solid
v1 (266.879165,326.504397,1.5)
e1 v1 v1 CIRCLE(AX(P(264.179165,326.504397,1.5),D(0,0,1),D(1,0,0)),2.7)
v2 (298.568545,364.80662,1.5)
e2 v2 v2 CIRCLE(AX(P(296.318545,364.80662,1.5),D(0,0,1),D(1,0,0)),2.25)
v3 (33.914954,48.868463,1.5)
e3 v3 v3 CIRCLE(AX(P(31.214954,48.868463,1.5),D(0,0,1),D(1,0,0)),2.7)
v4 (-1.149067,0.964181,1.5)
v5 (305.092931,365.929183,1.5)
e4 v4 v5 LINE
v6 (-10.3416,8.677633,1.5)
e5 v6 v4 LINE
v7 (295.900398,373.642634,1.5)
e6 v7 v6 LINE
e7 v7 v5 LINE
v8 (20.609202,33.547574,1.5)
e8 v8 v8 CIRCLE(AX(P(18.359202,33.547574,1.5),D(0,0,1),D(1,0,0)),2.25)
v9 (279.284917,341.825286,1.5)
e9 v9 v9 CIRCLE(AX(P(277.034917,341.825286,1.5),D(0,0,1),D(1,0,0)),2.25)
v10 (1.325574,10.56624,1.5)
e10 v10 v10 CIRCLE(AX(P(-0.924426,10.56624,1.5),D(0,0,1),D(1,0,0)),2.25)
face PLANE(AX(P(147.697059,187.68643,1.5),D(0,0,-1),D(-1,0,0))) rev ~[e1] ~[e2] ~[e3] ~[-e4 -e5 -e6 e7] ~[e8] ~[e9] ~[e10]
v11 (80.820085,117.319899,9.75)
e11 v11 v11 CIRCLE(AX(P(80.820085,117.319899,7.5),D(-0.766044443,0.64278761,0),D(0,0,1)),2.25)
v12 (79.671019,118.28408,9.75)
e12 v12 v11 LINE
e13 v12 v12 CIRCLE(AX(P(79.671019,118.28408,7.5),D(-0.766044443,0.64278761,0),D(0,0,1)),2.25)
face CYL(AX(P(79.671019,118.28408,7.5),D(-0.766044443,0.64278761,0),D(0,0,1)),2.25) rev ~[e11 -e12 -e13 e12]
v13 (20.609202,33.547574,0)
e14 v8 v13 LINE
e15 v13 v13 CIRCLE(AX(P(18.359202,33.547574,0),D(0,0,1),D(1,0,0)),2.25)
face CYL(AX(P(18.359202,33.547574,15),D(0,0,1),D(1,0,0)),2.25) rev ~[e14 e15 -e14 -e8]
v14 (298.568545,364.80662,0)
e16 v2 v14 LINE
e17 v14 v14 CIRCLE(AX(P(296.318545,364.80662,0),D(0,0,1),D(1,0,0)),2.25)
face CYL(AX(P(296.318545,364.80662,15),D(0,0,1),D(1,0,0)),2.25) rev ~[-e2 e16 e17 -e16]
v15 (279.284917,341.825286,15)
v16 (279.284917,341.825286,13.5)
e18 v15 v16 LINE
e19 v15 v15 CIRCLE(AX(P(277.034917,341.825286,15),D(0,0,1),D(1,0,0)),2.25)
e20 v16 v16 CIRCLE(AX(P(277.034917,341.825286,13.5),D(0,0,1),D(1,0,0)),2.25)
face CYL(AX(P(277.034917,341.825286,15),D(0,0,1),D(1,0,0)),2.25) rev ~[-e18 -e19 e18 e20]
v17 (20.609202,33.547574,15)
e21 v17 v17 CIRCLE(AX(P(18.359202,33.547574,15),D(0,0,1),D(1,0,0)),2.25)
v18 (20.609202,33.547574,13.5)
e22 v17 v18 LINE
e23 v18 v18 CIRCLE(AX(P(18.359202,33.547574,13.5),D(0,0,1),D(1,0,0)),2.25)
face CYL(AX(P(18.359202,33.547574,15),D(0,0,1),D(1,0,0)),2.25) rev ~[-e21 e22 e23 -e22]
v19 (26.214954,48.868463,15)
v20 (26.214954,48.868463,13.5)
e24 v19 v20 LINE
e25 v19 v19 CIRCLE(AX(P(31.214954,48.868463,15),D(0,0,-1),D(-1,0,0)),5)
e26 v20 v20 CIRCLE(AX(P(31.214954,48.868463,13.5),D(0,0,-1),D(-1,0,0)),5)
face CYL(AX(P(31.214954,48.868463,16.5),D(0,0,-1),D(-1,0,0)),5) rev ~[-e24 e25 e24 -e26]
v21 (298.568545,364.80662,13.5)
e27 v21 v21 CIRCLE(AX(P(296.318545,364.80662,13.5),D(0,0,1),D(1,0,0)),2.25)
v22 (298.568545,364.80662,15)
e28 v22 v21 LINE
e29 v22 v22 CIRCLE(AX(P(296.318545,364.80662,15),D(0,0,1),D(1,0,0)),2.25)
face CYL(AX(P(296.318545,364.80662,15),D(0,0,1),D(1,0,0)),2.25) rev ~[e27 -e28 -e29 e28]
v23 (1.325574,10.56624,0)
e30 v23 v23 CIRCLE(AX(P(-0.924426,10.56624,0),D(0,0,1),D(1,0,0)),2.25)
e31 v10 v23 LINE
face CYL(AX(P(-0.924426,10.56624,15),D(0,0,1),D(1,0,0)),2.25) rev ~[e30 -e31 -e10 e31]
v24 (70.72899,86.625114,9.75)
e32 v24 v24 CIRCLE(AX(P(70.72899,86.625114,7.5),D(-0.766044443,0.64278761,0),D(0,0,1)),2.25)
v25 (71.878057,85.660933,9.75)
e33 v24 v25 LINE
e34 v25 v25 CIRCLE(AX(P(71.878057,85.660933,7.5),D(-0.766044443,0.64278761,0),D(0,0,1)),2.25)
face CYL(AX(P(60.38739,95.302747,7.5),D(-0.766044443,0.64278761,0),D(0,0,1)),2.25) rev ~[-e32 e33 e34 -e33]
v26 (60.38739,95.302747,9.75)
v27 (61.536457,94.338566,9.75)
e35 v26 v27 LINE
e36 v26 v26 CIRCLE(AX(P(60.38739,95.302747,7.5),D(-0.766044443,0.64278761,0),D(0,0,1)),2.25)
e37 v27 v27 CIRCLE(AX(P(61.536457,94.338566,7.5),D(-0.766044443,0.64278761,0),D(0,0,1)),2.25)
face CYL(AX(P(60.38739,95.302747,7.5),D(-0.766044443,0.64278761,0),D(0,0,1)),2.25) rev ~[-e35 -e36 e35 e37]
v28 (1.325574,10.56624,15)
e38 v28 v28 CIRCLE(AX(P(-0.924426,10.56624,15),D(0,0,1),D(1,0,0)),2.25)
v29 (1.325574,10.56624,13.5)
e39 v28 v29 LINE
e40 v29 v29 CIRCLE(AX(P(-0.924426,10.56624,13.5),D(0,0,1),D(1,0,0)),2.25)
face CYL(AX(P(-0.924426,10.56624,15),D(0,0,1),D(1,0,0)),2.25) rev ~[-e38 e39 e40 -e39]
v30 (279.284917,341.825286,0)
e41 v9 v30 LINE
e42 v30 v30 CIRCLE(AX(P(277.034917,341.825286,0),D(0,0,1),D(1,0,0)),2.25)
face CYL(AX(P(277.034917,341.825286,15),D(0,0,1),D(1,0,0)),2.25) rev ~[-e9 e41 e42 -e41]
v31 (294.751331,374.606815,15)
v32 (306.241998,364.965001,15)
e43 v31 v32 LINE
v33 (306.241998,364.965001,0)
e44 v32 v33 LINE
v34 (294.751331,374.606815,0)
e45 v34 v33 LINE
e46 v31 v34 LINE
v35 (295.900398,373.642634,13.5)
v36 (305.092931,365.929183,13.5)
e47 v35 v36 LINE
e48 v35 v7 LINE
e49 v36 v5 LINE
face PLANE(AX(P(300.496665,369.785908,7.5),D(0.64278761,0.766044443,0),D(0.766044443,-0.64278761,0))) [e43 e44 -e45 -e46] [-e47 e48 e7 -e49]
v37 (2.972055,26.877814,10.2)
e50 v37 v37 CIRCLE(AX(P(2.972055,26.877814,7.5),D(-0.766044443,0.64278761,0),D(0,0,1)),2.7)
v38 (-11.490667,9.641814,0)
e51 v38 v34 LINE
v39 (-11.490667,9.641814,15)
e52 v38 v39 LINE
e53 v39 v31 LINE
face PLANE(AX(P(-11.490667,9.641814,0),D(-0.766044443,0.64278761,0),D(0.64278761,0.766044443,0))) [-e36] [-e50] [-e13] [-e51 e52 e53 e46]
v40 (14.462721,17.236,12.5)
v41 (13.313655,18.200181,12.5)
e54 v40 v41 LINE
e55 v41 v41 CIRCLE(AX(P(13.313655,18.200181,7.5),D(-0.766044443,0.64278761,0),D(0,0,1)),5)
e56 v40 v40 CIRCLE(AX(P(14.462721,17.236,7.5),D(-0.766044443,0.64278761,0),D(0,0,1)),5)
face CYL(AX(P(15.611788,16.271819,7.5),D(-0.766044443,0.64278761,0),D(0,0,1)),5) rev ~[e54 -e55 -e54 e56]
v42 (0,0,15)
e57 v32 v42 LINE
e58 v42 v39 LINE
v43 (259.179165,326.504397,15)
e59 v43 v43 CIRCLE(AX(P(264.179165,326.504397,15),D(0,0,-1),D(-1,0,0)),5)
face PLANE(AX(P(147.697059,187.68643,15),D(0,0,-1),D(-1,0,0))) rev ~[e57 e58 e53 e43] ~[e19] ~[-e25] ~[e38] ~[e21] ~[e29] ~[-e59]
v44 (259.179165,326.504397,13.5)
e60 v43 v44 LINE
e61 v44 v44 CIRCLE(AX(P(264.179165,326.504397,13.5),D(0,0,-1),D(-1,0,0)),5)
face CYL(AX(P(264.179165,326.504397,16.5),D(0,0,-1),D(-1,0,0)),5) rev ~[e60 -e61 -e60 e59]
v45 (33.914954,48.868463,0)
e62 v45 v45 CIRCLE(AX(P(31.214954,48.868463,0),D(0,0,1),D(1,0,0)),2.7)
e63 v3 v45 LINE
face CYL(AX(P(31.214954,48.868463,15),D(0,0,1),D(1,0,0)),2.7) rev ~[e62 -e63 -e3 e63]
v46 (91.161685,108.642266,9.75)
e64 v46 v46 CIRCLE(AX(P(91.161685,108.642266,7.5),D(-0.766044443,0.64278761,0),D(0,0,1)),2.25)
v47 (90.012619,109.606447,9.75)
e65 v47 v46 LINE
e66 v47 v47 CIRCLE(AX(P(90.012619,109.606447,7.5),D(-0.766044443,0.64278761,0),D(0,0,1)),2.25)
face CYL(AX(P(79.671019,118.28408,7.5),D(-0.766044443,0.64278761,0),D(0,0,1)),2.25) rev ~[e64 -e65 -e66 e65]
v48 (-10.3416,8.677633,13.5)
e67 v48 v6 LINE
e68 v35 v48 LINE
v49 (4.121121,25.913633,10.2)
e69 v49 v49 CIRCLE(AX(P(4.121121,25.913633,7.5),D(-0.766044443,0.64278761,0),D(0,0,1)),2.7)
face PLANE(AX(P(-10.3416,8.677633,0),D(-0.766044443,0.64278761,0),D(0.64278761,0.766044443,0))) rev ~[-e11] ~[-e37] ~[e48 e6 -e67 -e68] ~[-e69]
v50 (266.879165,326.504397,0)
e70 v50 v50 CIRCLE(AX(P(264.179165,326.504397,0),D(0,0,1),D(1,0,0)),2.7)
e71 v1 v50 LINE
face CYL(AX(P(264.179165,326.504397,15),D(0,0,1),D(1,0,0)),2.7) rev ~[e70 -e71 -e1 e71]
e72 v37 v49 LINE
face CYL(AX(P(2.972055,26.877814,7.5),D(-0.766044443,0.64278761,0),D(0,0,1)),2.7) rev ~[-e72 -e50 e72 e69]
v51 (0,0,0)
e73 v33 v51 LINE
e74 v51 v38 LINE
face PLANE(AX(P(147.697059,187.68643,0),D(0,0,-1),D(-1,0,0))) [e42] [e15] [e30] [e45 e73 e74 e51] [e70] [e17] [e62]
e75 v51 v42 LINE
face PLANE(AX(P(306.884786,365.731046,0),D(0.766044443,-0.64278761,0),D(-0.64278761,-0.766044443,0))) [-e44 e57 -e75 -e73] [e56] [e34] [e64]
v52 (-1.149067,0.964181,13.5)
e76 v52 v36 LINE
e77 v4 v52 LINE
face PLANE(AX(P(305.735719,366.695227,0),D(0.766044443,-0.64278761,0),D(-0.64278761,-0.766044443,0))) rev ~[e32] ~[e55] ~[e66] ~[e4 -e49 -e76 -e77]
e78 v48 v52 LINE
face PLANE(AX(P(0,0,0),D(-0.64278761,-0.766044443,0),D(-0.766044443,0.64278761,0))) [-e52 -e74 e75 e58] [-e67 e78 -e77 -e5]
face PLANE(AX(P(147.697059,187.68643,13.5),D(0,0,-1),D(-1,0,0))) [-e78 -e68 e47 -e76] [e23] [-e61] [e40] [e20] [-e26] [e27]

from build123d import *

# Parameters (mm, degrees)
EXTRUDE_1_DEPTH             = 15
SHELL_1_T                   = -1.5
SKETCH_3_R                  = 2.25
SKETCH_3_R_2                = 2.7
CUT_EXTRUDE_1_DEPTH         = 25
SKETCH_5_R                  = 2.25
SKETCH_5_R_2                = 2.7
CUT_EXTRUDE_3_DEPTH         = 20
SKETCH_7_W                  = 15
SKETCH_7_H                  = 15
SKETCH_7_W_2                = 12
SKETCH_7_H_2                = 12
CUT_EXTRUDE_4_DEPTH         = 1
HOLE_WIZARD_10_0_10_1_D     = 10
HOLE_WIZARD_10_0_10_1_DEPTH = 1.5
HOLE_WIZARD_10_0_10_2_D     = 10
HOLE_WIZARD_10_0_10_2_DEPTH = 1.5


with BuildPart() as part:
    # ｽｹｯﾁ1 → ﾎﾞｽ - 押し出し1 (new body)
    with BuildSketch(Plane.XY):
        Polygon((306.8847856, 365.731045751), (0, 0), (-11.490666647, 9.641814145), (295.394118953, 375.372859896), align=None)
    extrude(amount=EXTRUDE_1_DEPTH)

    # ｼｪﾙ1
    shell_1_openings = [part.faces().sort_by_distance(p)[0] for p in [
        (301.139452276, 370.551952824, 7.5),
        (-5.745333323, 4.820907073, 7.5),
    ]]
    offset(amount=SHELL_1_T, openings=shell_1_openings, kind=Kind.INTERSECTION)

    # ｽｹｯﾁ3 → ｶｯﾄ - 押し出し1 (cut)
    with BuildSketch(Plane.XY.offset(15)):
        with Locations((-0.924426251, 10.566240396)):
            Circle(SKETCH_3_R)
        with Locations((18.35920204, 33.54757369)):
            Circle(SKETCH_3_R)
        with Locations((277.034916913, 341.825286207)):
            Circle(SKETCH_3_R)
        with Locations((296.318545204, 364.8066195)):
            Circle(SKETCH_3_R)
        with Locations((31.214954234, 48.868462552)):
            Circle(SKETCH_3_R_2)
        with Locations((264.179164719, 326.504397344)):
            Circle(SKETCH_3_R_2)
    extrude(amount=-CUT_EXTRUDE_1_DEPTH, mode=Mode.SUBTRACT)

    # ｽｹｯﾁ5 → ｶｯﾄ - 押し出し3 (cut)
    with BuildSketch(Plane(origin=(-11.490666647, 9.641814145, 0), x_dir=(0, 0, 1), z_dir=(-0.766044443, 0.64278761, 0))):
        with Locations((7.5, 141.822406051)):
            Circle(SKETCH_5_R)
        with Locations((7.5, 111.822406051)):
            Circle(SKETCH_5_R)
        with Locations((7.5, 22.5)):
            Circle(SKETCH_5_R_2)
    extrude(amount=-CUT_EXTRUDE_3_DEPTH, mode=Mode.SUBTRACT)

    # ｽｹｯﾁ7 → ｶｯﾄ - 押し出し4 (cut)
    with BuildSketch(Plane(origin=(306.8847856, 365.731045751, 0), x_dir=(0.766044443, -0.64278761, 0), z_dir=(0.64278761, 0.766044443, 0))):
        with Locations((-7.5, -7.5)):
            Rectangle(SKETCH_7_W, SKETCH_7_H)
        with Locations((-7.5, -7.5)):
            Rectangle(SKETCH_7_W_2, SKETCH_7_H_2, mode=Mode.SUBTRACT)
    extrude(amount=-CUT_EXTRUDE_4_DEPTH, mode=Mode.SUBTRACT)

    # Ø10.0 (10) 直径の穴1
    with Locations(Plane(origin=(0, 0, 0), x_dir=(0, 0, -1), z_dir=(0.766044443, -0.64278761, 0))):
        with Locations((-7.5, 22.5)):
            Hole(HOLE_WIZARD_10_0_10_1_D / 2, depth=HOLE_WIZARD_10_0_10_1_DEPTH)

    # Ø10.0 (10) 直径の穴2
    with Locations(Plane.XY.offset(15)):
        with Locations((31.214954234, 48.868462552), (264.179164719, 326.504397344)):
            Hole(HOLE_WIZARD_10_0_10_2_D / 2, depth=HOLE_WIZARD_10_0_10_2_DEPTH)


solid = part.part
